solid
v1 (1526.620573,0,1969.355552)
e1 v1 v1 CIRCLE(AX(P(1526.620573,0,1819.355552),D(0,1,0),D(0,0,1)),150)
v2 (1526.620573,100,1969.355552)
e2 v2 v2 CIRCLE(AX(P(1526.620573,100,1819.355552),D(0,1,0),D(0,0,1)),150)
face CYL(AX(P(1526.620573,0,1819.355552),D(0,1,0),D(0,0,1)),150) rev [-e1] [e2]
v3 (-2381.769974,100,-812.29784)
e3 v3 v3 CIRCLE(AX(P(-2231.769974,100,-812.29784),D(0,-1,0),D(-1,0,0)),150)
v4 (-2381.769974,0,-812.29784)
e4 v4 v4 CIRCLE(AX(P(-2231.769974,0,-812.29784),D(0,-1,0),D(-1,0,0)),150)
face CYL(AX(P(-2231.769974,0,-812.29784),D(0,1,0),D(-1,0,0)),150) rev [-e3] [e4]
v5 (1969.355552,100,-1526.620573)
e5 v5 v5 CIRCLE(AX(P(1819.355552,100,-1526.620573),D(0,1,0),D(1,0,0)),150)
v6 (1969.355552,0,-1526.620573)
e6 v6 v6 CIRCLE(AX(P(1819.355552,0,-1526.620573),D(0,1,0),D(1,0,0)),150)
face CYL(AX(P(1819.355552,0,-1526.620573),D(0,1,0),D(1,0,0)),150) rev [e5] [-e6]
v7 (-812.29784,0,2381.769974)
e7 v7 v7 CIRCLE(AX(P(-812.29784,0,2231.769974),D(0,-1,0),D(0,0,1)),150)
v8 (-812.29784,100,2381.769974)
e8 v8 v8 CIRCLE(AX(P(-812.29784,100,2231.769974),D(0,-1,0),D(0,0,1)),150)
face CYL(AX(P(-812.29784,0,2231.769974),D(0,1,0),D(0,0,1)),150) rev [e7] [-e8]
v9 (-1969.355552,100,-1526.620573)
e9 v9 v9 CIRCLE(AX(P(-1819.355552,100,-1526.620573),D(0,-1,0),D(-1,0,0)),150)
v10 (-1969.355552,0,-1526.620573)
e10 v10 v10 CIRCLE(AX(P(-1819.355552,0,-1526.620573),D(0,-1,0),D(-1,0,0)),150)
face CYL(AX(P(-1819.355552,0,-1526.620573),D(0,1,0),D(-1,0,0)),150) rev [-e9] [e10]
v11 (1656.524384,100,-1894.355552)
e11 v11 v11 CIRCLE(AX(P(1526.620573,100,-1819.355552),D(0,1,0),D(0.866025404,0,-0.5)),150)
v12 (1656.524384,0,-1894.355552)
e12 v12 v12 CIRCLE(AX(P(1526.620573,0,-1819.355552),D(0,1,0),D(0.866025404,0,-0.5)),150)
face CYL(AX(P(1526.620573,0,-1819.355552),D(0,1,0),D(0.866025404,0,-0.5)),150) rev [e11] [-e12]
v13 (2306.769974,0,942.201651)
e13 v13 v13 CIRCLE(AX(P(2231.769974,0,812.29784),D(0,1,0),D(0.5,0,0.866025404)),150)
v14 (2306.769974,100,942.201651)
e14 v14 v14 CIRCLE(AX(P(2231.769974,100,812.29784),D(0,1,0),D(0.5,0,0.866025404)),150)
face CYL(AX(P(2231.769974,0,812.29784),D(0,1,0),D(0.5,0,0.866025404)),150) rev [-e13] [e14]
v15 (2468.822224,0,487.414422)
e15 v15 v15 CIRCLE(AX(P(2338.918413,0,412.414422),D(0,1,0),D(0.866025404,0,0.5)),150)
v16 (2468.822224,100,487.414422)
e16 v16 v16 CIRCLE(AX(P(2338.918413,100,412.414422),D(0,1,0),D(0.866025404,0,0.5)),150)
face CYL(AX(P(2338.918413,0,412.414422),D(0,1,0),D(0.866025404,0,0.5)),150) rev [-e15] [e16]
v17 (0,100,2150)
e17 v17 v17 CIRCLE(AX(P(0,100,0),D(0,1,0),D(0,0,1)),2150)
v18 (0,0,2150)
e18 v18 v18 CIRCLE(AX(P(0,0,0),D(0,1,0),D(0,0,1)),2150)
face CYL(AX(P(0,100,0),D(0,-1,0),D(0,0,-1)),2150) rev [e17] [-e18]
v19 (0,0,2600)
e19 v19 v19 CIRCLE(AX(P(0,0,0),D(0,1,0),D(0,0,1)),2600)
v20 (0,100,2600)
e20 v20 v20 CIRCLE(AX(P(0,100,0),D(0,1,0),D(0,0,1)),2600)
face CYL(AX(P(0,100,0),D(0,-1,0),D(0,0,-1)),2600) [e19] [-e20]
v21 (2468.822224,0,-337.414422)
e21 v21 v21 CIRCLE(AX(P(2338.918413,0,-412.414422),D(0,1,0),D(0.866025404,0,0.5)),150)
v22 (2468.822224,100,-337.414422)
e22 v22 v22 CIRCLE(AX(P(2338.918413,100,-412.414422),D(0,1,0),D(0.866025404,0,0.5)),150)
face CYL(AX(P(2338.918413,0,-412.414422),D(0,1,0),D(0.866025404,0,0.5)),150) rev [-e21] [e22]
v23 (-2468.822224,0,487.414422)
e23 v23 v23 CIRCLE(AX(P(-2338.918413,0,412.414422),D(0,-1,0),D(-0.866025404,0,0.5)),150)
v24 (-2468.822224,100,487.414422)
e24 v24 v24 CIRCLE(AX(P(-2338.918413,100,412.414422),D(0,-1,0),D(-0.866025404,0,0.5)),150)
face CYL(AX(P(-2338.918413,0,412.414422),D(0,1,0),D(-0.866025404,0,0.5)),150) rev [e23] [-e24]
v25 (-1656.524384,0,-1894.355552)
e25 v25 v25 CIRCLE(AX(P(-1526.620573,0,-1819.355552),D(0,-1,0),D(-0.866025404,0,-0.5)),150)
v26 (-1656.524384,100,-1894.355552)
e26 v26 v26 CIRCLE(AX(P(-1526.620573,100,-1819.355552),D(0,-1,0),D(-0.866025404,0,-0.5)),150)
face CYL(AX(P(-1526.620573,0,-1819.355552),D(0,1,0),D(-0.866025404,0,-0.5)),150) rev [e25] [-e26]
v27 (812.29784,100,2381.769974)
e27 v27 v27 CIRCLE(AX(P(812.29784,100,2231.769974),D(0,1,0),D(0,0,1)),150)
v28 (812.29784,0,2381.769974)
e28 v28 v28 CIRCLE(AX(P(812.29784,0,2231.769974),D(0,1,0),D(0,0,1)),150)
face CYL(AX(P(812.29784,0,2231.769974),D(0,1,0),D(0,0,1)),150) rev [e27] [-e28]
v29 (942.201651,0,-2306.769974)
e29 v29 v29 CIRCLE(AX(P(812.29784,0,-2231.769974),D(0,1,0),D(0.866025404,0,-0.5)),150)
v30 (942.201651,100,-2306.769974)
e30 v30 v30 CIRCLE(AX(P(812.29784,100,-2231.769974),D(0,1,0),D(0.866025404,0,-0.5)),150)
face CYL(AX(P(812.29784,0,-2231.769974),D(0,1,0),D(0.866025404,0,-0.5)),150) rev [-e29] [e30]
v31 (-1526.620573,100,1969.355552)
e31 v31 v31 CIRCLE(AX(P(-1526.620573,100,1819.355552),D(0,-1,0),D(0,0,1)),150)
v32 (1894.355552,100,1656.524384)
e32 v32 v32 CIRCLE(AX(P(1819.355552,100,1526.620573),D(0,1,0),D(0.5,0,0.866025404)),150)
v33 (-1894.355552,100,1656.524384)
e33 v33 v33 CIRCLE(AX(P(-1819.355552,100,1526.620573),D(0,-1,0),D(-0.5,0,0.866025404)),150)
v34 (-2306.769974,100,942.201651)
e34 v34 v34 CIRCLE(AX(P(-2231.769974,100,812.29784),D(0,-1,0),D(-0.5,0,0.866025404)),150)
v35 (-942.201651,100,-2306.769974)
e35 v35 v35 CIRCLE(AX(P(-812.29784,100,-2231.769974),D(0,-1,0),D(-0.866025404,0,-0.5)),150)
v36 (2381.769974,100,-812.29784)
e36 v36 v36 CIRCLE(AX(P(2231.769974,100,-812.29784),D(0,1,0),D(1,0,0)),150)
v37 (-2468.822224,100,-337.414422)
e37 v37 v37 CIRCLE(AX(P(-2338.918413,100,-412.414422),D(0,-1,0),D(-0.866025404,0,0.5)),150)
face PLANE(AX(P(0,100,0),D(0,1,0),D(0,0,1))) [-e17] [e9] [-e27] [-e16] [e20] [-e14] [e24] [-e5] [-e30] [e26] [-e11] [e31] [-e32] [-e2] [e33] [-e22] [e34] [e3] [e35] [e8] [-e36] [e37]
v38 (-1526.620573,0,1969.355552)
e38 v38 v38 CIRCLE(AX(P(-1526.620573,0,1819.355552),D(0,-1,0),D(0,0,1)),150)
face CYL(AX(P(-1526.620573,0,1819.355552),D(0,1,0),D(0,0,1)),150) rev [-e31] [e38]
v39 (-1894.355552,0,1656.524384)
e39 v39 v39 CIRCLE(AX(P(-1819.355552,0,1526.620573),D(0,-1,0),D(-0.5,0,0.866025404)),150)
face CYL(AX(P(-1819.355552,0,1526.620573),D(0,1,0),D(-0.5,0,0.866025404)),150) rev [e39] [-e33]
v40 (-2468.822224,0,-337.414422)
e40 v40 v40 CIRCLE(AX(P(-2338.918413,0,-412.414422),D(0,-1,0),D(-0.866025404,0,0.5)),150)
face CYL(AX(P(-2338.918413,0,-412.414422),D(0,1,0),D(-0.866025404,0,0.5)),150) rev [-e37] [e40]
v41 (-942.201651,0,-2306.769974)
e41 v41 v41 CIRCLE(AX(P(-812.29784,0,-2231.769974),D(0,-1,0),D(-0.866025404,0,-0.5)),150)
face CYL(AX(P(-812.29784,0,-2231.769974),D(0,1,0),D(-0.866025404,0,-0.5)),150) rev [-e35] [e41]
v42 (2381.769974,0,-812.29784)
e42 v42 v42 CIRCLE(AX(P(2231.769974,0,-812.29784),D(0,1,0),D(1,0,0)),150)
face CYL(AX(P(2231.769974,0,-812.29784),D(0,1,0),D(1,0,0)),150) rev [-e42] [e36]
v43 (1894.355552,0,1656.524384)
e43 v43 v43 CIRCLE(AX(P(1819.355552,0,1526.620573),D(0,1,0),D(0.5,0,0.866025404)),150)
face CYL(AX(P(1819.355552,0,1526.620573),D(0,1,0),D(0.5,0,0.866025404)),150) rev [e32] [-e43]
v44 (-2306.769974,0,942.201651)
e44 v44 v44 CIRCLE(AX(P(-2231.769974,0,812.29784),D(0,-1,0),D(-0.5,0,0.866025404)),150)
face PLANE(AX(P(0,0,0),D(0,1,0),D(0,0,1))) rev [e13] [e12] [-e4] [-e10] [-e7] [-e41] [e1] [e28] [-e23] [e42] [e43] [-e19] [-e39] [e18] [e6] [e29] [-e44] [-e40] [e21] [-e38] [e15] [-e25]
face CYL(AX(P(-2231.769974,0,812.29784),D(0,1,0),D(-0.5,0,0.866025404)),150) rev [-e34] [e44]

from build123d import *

# Parameters (mm, degrees)
SKETCH1_R               = 2600
SKETCH1_R_2             = 2150
BOSS_EXTRUDE1_DEPTH     = 100
SKETCH2_R               = 150
CUT_EXTRUDE1_DEPTH      = 3679.31483155
CIRPATTERN1_COUNT       = 5
CIRPATTERN1_ANGLE       = 120
MIRROR1_COPY_1_SKETCH_R = 150
MIRROR1_COPY_1_DEPTH    = 3679.31483155
MIRROR1_COPY_2_SKETCH_R = 150
MIRROR1_COPY_2_DEPTH    = 3679.31483155
MIRROR1_COPY_3_SKETCH_R = 150
MIRROR1_COPY_3_DEPTH    = 3679.31483155
MIRROR1_COPY_4_SKETCH_R = 150
MIRROR1_COPY_4_DEPTH    = 3679.31483155


with BuildPart() as part:
    # Sketch1 → Boss-Extrude1 (new body)
    with BuildSketch(Plane(origin=(0, 0, 0), x_dir=(1, 0, 0), z_dir=(0, 1, 0))):
        with Locations(Location((0, 0, 0), (0, 0, 270))):
            Circle(SKETCH1_R)
        with Locations(Location((0, 0, 0), (0, 0, 270))):
            Circle(SKETCH1_R_2, mode=Mode.SUBTRACT)
    extrude(amount=BOSS_EXTRUDE1_DEPTH)

    # Sketch2 → Cut-Extrude1 (cut, through all)
    with BuildSketch(Plane(origin=(0, 100, 0), x_dir=(1, 0, 0), z_dir=(0, 1, 0))):
        with Locations(Location((812.297840398, -2231.769974367, 0), (0, 0, 270))):
            Circle(SKETCH2_R)
        with Locations(Location((1526.620573006, -1819.355552408, 0), (0, 0, 270))):
            Circle(SKETCH2_R)
    cut_extrude1 = extrude(amount=-CUT_EXTRUDE1_DEPTH, mode=Mode.SUBTRACT)

    # CirPattern1: Cut-Extrude1 ×5 about axis
    cirpattern1_axis = Axis((0, 0, 0), (0, 1, 0))
    for i in range(1, CIRPATTERN1_COUNT):
        add(cut_extrude1.rotate(cirpattern1_axis, i * CIRPATTERN1_ANGLE / (CIRPATTERN1_COUNT - 1)), mode=Mode.SUBTRACT)

    # Mirror1: Cut-Extrude1 across plane
    add(cut_extrude1.mirror(Plane(origin=(0, 0, 0), x_dir=(0, 0, 1), z_dir=(1, 0, 0))), mode=Mode.SUBTRACT)

    # Mirror1 copy 1 sketch → Mirror1 copy 1 (cut, through all)
    with BuildSketch(Plane(origin=(0, 100, 0), x_dir=(-0.866025403784438, 0, -0.5000000000000011), z_dir=(0, 1, 0))):
        with Locations((812.297840398, 2231.769974367)):
            Circle(MIRROR1_COPY_1_SKETCH_R)
        with Locations((1526.620573006, 1819.355552408)):
            Circle(MIRROR1_COPY_1_SKETCH_R)
    extrude(amount=-MIRROR1_COPY_1_DEPTH, mode=Mode.SUBTRACT)

    # Mirror1 copy 2 sketch → Mirror1 copy 2 (cut, through all)
    with BuildSketch(Plane(origin=(0, 100, 0), x_dir=(-0.4999999999999978, 0, -0.8660254037844399), z_dir=(0, 1, 0))):
        with Locations((812.297840398, 2231.769974367)):
            Circle(MIRROR1_COPY_2_SKETCH_R)
        with Locations((1526.620573006, 1819.355552408)):
            Circle(MIRROR1_COPY_2_SKETCH_R)
    extrude(amount=-MIRROR1_COPY_2_DEPTH, mode=Mode.SUBTRACT)

    # Mirror1 copy 3 sketch → Mirror1 copy 3 (cut, through all)
    with BuildSketch(Plane(origin=(0, 100, 0), x_dir=(0, 0, -1), z_dir=(0, 1, 0))):
        with Locations((812.297840398, 2231.769974367)):
            Circle(MIRROR1_COPY_3_SKETCH_R)
        with Locations((1526.620573006, 1819.355552408)):
            Circle(MIRROR1_COPY_3_SKETCH_R)
    extrude(amount=-MIRROR1_COPY_3_DEPTH, mode=Mode.SUBTRACT)

    # Mirror1 copy 4 sketch → Mirror1 copy 4 (cut, through all)
    with BuildSketch(Plane(origin=(0, 100, 0), x_dir=(0.5000000000000044, 0, -0.866025403784436), z_dir=(0, 1, 0))):
        with Locations((812.297840398, 2231.769974367)):
            Circle(MIRROR1_COPY_4_SKETCH_R)
        with Locations((1526.620573006, 1819.355552408)):
            Circle(MIRROR1_COPY_4_SKETCH_R)
    extrude(amount=-MIRROR1_COPY_4_DEPTH, mode=Mode.SUBTRACT)


solid = part.part
